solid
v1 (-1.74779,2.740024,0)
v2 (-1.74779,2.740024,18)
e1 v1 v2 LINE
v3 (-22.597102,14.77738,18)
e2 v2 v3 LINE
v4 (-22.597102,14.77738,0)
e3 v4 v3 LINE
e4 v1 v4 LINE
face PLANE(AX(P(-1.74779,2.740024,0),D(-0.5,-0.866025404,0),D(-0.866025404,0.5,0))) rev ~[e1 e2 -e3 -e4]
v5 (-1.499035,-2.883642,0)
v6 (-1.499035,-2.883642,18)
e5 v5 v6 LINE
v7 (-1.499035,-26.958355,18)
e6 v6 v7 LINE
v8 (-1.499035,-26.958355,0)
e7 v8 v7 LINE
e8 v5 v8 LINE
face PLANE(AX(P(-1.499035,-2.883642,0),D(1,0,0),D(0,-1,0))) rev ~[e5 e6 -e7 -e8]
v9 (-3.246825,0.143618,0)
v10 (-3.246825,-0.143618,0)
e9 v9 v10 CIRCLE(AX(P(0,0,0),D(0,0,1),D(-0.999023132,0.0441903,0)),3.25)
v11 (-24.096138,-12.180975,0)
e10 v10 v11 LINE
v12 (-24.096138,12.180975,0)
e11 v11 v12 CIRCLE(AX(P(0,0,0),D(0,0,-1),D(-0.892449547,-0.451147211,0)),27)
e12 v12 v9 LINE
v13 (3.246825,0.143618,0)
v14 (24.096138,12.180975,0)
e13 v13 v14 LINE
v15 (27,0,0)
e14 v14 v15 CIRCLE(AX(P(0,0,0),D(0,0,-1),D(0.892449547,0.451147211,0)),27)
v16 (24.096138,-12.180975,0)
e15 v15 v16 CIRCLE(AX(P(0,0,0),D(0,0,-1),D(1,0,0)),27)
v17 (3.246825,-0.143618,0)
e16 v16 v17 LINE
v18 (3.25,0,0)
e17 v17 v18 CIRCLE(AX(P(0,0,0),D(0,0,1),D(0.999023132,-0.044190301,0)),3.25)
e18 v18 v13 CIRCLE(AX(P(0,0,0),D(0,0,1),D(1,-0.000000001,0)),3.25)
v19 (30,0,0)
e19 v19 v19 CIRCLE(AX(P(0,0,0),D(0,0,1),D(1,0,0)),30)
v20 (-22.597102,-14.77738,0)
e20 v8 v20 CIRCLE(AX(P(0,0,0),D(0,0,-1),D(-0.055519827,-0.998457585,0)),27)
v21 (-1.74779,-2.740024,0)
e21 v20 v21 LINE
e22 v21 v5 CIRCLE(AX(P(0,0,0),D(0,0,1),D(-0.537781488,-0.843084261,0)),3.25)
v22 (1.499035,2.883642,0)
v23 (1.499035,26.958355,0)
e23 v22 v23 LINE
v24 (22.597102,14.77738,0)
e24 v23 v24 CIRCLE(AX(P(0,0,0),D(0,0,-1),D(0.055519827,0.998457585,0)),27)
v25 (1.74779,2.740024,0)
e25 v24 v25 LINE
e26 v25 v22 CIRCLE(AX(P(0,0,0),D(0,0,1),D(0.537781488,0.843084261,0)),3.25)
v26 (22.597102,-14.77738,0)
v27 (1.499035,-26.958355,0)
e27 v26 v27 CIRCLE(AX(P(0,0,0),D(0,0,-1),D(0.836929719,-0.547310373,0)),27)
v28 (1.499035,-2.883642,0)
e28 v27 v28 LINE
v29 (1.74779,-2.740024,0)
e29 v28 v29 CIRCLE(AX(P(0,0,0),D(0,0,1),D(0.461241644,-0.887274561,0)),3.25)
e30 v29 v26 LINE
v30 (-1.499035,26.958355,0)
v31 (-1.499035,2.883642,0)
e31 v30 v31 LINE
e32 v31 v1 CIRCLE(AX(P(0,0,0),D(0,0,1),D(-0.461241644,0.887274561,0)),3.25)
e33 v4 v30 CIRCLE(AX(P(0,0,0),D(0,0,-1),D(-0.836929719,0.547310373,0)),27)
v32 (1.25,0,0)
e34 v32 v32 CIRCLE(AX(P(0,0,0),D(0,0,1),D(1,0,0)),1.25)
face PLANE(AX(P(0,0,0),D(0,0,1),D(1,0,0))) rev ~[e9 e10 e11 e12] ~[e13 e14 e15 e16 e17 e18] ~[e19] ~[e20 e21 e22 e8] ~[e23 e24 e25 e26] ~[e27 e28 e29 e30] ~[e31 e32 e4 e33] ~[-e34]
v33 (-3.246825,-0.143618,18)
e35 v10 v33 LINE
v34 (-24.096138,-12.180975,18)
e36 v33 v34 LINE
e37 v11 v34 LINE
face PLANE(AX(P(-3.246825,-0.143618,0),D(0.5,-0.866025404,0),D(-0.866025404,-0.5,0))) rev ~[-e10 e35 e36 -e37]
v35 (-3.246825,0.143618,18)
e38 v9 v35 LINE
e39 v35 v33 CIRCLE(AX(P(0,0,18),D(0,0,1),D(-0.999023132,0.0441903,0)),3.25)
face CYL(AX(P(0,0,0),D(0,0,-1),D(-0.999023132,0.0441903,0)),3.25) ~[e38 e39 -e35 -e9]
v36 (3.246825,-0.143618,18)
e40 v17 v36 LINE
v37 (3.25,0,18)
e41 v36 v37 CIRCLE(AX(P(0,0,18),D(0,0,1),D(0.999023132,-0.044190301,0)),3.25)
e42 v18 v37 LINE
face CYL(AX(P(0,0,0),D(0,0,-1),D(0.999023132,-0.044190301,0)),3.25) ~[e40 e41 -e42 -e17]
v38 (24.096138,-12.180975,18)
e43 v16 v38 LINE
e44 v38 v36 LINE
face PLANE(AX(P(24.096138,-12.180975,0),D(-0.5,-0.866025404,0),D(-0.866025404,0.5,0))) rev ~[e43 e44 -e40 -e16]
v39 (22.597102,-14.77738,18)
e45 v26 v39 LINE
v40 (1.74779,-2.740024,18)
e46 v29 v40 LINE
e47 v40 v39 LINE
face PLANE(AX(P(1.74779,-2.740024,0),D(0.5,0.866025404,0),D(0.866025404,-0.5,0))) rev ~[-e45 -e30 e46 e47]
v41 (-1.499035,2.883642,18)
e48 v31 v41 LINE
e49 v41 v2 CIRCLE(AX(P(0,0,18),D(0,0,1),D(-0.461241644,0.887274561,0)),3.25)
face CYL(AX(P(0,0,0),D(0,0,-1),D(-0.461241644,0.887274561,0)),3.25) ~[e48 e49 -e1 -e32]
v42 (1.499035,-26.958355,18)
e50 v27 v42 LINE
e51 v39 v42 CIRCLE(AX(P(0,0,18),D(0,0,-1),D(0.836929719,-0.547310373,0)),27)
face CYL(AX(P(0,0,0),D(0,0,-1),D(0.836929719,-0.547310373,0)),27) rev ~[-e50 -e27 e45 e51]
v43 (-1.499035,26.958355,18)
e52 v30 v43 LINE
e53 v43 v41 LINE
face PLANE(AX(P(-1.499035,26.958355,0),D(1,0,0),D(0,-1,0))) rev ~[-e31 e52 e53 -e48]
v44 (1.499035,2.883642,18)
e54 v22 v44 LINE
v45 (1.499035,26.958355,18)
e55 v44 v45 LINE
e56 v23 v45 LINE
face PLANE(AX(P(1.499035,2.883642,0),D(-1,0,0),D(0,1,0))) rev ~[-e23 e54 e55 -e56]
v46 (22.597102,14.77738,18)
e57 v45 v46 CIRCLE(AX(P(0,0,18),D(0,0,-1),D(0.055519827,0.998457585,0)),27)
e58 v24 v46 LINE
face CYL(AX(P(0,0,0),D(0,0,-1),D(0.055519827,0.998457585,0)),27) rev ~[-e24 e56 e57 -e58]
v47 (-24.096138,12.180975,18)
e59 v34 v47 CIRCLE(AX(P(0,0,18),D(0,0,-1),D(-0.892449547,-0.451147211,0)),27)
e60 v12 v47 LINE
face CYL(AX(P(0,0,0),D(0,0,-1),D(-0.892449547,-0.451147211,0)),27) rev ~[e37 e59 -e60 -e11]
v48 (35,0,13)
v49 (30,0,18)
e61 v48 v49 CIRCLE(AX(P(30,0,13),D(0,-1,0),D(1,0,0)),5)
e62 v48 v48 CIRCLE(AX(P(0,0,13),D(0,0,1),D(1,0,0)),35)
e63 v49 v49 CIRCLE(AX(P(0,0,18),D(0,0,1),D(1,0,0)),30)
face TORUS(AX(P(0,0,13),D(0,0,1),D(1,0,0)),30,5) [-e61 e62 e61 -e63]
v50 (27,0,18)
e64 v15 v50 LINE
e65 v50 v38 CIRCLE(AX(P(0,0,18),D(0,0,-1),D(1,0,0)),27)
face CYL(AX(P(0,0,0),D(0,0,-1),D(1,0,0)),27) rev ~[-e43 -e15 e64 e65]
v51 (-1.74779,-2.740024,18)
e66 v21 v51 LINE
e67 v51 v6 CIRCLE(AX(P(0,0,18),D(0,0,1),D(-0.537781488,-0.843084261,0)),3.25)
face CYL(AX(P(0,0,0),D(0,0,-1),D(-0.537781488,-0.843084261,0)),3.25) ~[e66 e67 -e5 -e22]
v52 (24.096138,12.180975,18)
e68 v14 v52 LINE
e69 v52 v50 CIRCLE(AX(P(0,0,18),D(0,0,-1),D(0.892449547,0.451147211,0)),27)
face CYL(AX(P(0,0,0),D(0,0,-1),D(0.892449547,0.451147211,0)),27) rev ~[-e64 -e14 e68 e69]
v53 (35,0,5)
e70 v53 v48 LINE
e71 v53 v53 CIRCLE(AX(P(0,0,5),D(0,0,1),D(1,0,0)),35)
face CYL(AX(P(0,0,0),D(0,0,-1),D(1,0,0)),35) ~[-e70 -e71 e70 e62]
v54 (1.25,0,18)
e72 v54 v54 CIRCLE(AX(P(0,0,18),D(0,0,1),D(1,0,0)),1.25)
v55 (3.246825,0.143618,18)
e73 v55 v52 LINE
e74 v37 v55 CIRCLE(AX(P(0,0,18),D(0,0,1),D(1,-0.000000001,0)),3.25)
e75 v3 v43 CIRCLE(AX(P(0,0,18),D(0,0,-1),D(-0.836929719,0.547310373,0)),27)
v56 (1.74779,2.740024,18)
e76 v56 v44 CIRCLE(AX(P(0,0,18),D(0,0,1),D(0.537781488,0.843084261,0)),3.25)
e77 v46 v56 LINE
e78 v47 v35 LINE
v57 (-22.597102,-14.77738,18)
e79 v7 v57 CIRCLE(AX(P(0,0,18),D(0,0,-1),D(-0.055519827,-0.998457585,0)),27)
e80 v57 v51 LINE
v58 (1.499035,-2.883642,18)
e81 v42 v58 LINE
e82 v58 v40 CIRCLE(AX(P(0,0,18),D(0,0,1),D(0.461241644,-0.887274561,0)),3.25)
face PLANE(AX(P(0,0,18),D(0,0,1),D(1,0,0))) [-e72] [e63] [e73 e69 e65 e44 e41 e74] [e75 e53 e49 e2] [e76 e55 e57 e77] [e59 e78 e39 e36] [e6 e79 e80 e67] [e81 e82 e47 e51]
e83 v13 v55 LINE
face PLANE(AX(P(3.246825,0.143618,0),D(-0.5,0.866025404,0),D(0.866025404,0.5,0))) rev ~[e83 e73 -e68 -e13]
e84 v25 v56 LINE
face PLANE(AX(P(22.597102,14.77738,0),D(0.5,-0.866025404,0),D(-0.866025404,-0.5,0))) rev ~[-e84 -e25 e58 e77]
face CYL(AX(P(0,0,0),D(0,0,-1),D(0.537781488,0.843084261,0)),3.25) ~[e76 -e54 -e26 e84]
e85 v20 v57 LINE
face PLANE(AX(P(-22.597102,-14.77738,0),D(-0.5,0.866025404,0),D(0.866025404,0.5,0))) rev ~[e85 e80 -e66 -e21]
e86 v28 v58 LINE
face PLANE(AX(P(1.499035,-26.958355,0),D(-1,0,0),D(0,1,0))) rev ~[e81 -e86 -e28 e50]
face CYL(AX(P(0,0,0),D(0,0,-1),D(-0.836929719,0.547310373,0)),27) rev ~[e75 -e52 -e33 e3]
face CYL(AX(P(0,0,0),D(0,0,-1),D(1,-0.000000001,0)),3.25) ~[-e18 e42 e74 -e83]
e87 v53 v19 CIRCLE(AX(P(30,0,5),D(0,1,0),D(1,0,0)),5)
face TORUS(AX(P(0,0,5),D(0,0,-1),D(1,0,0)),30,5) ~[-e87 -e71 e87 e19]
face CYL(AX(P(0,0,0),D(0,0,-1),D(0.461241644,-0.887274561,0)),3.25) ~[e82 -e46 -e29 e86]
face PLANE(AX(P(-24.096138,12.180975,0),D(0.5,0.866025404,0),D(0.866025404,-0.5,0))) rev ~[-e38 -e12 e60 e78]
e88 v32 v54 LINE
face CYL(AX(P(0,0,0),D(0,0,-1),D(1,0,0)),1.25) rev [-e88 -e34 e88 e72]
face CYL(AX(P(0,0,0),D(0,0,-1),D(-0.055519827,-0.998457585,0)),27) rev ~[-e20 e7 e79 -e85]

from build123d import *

# Parameters (mm, degrees)
F0_R     = 35
F0_R_2   = 1.25
F1_DEPTH = 18
F2_R     = 5


with BuildPart() as f1:
    # F0 (on Top) → F1 (new body)
    with BuildSketch(Plane.XY):
        Circle(F0_R)
        with BuildLine():
            ThreePointArc((24.0961377645, 12.1809747078), (26.2640031187, 6.2611612484), (27, 0))
            ThreePointArc((27, 0), (26.2640031187, -6.2611612484), (24.0961377645, -12.1809747078))
            ThreePointArc((24.0961377645, -12.1809747078), (23.3826859022, -13.5), (22.5971024221, -14.7773800832))
            ThreePointArc((22.5971024221, -14.7773800832), (13.5, -23.3826859022), (1.4990353424, -26.9583547911))
            ThreePointArc((1.4990353424, -26.9583547911), (0, -27), (-1.4990353424, -26.9583547911))
            ThreePointArc((-1.4990353424, -26.9583547911), (-13.5, -23.3826859022), (-22.5971024221, -14.7773800832))
            ThreePointArc((-22.5971024221, -14.7773800832), (-23.3826859022, -13.5), (-24.0961377645, -12.1809747078))
            ThreePointArc((-24.0961377645, -12.1809747078), (-27, 0), (-24.0961377645, 12.1809747078))
            ThreePointArc((-24.0961377645, 12.1809747078), (-23.3826859022, 13.5), (-22.5971024221, 14.7773800832))
            ThreePointArc((-22.5971024221, 14.7773800832), (-13.5, 23.3826859022), (-1.4990353424, 26.9583547911))
            ThreePointArc((-1.4990353424, 26.9583547911), (0, 27), (1.4990353424, 26.9583547911))
            ThreePointArc((1.4990353424, 26.9583547911), (13.5, 23.3826859022), (22.5971024221, 14.7773800832))
            ThreePointArc((22.5971024221, 14.7773800832), (23.3826859022, 13.5), (24.0961377645, 12.1809747078))
        make_face(mode=Mode.SUBTRACT)
        with BuildLine():
            ThreePointArc((-24.0961377645, -12.1809747078), (-23.3826859022, -13.5), (-22.5971024221, -14.7773800832))
            Line((-22.5971024221, -14.7773800832), (-1.7477898352, -2.7400238488))
            ThreePointArc((-1.7477898352, -2.7400238488), (-2.8145825623, -1.625), (-3.2468251776, -0.1436184734))
            Line((-3.2468251776, -0.1436184734), (-24.0961377645, -12.1809747078))
        make_face()
        with BuildLine():
            Line((-1.7477898352, 2.7400238488), (-22.5971024221, 14.7773800832))
            ThreePointArc((-22.5971024221, 14.7773800832), (-23.3826859022, 13.5), (-24.0961377645, 12.1809747078))
            Line((-24.0961377645, 12.1809747078), (-3.2468251776, 0.1436184734))
            ThreePointArc((-3.2468251776, 0.1436184734), (-2.8145825623, 1.625), (-1.7477898352, 2.7400238488))
        make_face()
        with BuildLine():
            Line((1.4990353424, 2.8836423222), (1.4990353424, 26.9583547911))
            ThreePointArc((1.4990353424, 26.9583547911), (0, 27), (-1.4990353424, 26.9583547911))
            Line((-1.4990353424, 26.9583547911), (-1.4990353424, 2.8836423222))
            ThreePointArc((-1.4990353424, 2.8836423222), (0, 3.25), (1.4990353424, 2.8836423222))
        make_face()
        with BuildLine():
            Line((3.2468251776, 0.1436184734), (24.0961377645, 12.1809747078))
            ThreePointArc((24.0961377645, 12.1809747078), (23.3826859022, 13.5), (22.5971024221, 14.7773800832))
            Line((22.5971024221, 14.7773800832), (1.7477898352, 2.7400238488))
            ThreePointArc((1.7477898352, 2.7400238488), (2.8145825623, 1.625), (3.2468251776, 0.1436184734))
        make_face()
        with BuildLine():
            ThreePointArc((22.5971024221, -14.7773800832), (23.3826859022, -13.5), (24.0961377645, -12.1809747078))
            Line((24.0961377645, -12.1809747078), (3.2468251776, -0.1436184734))
            ThreePointArc((3.2468251776, -0.1436184734), (2.8145825623, -1.625), (1.7477898352, -2.7400238488))
            Line((1.7477898352, -2.7400238488), (22.5971024221, -14.7773800832))
        make_face()
        with BuildLine():
            ThreePointArc((-1.4990353424, -26.9583547911), (0, -27), (1.4990353424, -26.9583547911))
            Line((1.4990353424, -26.9583547911), (1.4990353424, -2.8836423222))
            ThreePointArc((1.4990353424, -2.8836423222), (0, -3.25), (-1.4990353424, -2.8836423222))
            Line((-1.4990353424, -2.8836423222), (-1.4990353424, -26.9583547911))
        make_face()
        with BuildLine():
            ThreePointArc((3.25, 0), (3.2492061975, 0.0718267802), (3.2468251776, 0.1436184734))
            ThreePointArc((3.2468251776, 0.1436184734), (2.8145825623, 1.625), (1.7477898352, 2.7400238488))
            ThreePointArc((1.7477898352, 2.7400238488), (1.625, 2.8145825623), (1.4990353424, 2.8836423222))
            ThreePointArc((1.4990353424, 2.8836423222), (0, 3.25), (-1.4990353424, 2.8836423222))
            ThreePointArc((-1.4990353424, 2.8836423222), (-1.625, 2.8145825623), (-1.7477898352, 2.7400238488))
            ThreePointArc((-1.7477898352, 2.7400238488), (-2.8145825623, 1.625), (-3.2468251776, 0.1436184734))
            ThreePointArc((-3.2468251776, 0.1436184734), (-3.25, 0), (-3.2468251776, -0.1436184734))
            ThreePointArc((-3.2468251776, -0.1436184734), (-2.8145825623, -1.625), (-1.7477898352, -2.7400238488))
            ThreePointArc((-1.7477898352, -2.7400238488), (-1.625, -2.8145825623), (-1.4990353424, -2.8836423222))
            ThreePointArc((-1.4990353424, -2.8836423222), (0, -3.25), (1.4990353424, -2.8836423222))
            ThreePointArc((1.4990353424, -2.8836423222), (1.625, -2.8145825623), (1.7477898352, -2.7400238488))
            ThreePointArc((1.7477898352, -2.7400238488), (2.8145825623, -1.625), (3.2468251776, -0.1436184734))
            ThreePointArc((3.2468251776, -0.1436184734), (3.2492061975, -0.0718267802), (3.25, 0))
        make_face()
        Circle(F0_R_2, mode=Mode.SUBTRACT)
    extrude(amount=F1_DEPTH)

    # F2
    f2_edges = [f1.edges().sort_by_distance(p)[0] for p in [
        (-35, 0, 18),
        (-35, 0, 0),
    ]]
    fillet(f2_edges, radius=F2_R)


solid = f1.part
